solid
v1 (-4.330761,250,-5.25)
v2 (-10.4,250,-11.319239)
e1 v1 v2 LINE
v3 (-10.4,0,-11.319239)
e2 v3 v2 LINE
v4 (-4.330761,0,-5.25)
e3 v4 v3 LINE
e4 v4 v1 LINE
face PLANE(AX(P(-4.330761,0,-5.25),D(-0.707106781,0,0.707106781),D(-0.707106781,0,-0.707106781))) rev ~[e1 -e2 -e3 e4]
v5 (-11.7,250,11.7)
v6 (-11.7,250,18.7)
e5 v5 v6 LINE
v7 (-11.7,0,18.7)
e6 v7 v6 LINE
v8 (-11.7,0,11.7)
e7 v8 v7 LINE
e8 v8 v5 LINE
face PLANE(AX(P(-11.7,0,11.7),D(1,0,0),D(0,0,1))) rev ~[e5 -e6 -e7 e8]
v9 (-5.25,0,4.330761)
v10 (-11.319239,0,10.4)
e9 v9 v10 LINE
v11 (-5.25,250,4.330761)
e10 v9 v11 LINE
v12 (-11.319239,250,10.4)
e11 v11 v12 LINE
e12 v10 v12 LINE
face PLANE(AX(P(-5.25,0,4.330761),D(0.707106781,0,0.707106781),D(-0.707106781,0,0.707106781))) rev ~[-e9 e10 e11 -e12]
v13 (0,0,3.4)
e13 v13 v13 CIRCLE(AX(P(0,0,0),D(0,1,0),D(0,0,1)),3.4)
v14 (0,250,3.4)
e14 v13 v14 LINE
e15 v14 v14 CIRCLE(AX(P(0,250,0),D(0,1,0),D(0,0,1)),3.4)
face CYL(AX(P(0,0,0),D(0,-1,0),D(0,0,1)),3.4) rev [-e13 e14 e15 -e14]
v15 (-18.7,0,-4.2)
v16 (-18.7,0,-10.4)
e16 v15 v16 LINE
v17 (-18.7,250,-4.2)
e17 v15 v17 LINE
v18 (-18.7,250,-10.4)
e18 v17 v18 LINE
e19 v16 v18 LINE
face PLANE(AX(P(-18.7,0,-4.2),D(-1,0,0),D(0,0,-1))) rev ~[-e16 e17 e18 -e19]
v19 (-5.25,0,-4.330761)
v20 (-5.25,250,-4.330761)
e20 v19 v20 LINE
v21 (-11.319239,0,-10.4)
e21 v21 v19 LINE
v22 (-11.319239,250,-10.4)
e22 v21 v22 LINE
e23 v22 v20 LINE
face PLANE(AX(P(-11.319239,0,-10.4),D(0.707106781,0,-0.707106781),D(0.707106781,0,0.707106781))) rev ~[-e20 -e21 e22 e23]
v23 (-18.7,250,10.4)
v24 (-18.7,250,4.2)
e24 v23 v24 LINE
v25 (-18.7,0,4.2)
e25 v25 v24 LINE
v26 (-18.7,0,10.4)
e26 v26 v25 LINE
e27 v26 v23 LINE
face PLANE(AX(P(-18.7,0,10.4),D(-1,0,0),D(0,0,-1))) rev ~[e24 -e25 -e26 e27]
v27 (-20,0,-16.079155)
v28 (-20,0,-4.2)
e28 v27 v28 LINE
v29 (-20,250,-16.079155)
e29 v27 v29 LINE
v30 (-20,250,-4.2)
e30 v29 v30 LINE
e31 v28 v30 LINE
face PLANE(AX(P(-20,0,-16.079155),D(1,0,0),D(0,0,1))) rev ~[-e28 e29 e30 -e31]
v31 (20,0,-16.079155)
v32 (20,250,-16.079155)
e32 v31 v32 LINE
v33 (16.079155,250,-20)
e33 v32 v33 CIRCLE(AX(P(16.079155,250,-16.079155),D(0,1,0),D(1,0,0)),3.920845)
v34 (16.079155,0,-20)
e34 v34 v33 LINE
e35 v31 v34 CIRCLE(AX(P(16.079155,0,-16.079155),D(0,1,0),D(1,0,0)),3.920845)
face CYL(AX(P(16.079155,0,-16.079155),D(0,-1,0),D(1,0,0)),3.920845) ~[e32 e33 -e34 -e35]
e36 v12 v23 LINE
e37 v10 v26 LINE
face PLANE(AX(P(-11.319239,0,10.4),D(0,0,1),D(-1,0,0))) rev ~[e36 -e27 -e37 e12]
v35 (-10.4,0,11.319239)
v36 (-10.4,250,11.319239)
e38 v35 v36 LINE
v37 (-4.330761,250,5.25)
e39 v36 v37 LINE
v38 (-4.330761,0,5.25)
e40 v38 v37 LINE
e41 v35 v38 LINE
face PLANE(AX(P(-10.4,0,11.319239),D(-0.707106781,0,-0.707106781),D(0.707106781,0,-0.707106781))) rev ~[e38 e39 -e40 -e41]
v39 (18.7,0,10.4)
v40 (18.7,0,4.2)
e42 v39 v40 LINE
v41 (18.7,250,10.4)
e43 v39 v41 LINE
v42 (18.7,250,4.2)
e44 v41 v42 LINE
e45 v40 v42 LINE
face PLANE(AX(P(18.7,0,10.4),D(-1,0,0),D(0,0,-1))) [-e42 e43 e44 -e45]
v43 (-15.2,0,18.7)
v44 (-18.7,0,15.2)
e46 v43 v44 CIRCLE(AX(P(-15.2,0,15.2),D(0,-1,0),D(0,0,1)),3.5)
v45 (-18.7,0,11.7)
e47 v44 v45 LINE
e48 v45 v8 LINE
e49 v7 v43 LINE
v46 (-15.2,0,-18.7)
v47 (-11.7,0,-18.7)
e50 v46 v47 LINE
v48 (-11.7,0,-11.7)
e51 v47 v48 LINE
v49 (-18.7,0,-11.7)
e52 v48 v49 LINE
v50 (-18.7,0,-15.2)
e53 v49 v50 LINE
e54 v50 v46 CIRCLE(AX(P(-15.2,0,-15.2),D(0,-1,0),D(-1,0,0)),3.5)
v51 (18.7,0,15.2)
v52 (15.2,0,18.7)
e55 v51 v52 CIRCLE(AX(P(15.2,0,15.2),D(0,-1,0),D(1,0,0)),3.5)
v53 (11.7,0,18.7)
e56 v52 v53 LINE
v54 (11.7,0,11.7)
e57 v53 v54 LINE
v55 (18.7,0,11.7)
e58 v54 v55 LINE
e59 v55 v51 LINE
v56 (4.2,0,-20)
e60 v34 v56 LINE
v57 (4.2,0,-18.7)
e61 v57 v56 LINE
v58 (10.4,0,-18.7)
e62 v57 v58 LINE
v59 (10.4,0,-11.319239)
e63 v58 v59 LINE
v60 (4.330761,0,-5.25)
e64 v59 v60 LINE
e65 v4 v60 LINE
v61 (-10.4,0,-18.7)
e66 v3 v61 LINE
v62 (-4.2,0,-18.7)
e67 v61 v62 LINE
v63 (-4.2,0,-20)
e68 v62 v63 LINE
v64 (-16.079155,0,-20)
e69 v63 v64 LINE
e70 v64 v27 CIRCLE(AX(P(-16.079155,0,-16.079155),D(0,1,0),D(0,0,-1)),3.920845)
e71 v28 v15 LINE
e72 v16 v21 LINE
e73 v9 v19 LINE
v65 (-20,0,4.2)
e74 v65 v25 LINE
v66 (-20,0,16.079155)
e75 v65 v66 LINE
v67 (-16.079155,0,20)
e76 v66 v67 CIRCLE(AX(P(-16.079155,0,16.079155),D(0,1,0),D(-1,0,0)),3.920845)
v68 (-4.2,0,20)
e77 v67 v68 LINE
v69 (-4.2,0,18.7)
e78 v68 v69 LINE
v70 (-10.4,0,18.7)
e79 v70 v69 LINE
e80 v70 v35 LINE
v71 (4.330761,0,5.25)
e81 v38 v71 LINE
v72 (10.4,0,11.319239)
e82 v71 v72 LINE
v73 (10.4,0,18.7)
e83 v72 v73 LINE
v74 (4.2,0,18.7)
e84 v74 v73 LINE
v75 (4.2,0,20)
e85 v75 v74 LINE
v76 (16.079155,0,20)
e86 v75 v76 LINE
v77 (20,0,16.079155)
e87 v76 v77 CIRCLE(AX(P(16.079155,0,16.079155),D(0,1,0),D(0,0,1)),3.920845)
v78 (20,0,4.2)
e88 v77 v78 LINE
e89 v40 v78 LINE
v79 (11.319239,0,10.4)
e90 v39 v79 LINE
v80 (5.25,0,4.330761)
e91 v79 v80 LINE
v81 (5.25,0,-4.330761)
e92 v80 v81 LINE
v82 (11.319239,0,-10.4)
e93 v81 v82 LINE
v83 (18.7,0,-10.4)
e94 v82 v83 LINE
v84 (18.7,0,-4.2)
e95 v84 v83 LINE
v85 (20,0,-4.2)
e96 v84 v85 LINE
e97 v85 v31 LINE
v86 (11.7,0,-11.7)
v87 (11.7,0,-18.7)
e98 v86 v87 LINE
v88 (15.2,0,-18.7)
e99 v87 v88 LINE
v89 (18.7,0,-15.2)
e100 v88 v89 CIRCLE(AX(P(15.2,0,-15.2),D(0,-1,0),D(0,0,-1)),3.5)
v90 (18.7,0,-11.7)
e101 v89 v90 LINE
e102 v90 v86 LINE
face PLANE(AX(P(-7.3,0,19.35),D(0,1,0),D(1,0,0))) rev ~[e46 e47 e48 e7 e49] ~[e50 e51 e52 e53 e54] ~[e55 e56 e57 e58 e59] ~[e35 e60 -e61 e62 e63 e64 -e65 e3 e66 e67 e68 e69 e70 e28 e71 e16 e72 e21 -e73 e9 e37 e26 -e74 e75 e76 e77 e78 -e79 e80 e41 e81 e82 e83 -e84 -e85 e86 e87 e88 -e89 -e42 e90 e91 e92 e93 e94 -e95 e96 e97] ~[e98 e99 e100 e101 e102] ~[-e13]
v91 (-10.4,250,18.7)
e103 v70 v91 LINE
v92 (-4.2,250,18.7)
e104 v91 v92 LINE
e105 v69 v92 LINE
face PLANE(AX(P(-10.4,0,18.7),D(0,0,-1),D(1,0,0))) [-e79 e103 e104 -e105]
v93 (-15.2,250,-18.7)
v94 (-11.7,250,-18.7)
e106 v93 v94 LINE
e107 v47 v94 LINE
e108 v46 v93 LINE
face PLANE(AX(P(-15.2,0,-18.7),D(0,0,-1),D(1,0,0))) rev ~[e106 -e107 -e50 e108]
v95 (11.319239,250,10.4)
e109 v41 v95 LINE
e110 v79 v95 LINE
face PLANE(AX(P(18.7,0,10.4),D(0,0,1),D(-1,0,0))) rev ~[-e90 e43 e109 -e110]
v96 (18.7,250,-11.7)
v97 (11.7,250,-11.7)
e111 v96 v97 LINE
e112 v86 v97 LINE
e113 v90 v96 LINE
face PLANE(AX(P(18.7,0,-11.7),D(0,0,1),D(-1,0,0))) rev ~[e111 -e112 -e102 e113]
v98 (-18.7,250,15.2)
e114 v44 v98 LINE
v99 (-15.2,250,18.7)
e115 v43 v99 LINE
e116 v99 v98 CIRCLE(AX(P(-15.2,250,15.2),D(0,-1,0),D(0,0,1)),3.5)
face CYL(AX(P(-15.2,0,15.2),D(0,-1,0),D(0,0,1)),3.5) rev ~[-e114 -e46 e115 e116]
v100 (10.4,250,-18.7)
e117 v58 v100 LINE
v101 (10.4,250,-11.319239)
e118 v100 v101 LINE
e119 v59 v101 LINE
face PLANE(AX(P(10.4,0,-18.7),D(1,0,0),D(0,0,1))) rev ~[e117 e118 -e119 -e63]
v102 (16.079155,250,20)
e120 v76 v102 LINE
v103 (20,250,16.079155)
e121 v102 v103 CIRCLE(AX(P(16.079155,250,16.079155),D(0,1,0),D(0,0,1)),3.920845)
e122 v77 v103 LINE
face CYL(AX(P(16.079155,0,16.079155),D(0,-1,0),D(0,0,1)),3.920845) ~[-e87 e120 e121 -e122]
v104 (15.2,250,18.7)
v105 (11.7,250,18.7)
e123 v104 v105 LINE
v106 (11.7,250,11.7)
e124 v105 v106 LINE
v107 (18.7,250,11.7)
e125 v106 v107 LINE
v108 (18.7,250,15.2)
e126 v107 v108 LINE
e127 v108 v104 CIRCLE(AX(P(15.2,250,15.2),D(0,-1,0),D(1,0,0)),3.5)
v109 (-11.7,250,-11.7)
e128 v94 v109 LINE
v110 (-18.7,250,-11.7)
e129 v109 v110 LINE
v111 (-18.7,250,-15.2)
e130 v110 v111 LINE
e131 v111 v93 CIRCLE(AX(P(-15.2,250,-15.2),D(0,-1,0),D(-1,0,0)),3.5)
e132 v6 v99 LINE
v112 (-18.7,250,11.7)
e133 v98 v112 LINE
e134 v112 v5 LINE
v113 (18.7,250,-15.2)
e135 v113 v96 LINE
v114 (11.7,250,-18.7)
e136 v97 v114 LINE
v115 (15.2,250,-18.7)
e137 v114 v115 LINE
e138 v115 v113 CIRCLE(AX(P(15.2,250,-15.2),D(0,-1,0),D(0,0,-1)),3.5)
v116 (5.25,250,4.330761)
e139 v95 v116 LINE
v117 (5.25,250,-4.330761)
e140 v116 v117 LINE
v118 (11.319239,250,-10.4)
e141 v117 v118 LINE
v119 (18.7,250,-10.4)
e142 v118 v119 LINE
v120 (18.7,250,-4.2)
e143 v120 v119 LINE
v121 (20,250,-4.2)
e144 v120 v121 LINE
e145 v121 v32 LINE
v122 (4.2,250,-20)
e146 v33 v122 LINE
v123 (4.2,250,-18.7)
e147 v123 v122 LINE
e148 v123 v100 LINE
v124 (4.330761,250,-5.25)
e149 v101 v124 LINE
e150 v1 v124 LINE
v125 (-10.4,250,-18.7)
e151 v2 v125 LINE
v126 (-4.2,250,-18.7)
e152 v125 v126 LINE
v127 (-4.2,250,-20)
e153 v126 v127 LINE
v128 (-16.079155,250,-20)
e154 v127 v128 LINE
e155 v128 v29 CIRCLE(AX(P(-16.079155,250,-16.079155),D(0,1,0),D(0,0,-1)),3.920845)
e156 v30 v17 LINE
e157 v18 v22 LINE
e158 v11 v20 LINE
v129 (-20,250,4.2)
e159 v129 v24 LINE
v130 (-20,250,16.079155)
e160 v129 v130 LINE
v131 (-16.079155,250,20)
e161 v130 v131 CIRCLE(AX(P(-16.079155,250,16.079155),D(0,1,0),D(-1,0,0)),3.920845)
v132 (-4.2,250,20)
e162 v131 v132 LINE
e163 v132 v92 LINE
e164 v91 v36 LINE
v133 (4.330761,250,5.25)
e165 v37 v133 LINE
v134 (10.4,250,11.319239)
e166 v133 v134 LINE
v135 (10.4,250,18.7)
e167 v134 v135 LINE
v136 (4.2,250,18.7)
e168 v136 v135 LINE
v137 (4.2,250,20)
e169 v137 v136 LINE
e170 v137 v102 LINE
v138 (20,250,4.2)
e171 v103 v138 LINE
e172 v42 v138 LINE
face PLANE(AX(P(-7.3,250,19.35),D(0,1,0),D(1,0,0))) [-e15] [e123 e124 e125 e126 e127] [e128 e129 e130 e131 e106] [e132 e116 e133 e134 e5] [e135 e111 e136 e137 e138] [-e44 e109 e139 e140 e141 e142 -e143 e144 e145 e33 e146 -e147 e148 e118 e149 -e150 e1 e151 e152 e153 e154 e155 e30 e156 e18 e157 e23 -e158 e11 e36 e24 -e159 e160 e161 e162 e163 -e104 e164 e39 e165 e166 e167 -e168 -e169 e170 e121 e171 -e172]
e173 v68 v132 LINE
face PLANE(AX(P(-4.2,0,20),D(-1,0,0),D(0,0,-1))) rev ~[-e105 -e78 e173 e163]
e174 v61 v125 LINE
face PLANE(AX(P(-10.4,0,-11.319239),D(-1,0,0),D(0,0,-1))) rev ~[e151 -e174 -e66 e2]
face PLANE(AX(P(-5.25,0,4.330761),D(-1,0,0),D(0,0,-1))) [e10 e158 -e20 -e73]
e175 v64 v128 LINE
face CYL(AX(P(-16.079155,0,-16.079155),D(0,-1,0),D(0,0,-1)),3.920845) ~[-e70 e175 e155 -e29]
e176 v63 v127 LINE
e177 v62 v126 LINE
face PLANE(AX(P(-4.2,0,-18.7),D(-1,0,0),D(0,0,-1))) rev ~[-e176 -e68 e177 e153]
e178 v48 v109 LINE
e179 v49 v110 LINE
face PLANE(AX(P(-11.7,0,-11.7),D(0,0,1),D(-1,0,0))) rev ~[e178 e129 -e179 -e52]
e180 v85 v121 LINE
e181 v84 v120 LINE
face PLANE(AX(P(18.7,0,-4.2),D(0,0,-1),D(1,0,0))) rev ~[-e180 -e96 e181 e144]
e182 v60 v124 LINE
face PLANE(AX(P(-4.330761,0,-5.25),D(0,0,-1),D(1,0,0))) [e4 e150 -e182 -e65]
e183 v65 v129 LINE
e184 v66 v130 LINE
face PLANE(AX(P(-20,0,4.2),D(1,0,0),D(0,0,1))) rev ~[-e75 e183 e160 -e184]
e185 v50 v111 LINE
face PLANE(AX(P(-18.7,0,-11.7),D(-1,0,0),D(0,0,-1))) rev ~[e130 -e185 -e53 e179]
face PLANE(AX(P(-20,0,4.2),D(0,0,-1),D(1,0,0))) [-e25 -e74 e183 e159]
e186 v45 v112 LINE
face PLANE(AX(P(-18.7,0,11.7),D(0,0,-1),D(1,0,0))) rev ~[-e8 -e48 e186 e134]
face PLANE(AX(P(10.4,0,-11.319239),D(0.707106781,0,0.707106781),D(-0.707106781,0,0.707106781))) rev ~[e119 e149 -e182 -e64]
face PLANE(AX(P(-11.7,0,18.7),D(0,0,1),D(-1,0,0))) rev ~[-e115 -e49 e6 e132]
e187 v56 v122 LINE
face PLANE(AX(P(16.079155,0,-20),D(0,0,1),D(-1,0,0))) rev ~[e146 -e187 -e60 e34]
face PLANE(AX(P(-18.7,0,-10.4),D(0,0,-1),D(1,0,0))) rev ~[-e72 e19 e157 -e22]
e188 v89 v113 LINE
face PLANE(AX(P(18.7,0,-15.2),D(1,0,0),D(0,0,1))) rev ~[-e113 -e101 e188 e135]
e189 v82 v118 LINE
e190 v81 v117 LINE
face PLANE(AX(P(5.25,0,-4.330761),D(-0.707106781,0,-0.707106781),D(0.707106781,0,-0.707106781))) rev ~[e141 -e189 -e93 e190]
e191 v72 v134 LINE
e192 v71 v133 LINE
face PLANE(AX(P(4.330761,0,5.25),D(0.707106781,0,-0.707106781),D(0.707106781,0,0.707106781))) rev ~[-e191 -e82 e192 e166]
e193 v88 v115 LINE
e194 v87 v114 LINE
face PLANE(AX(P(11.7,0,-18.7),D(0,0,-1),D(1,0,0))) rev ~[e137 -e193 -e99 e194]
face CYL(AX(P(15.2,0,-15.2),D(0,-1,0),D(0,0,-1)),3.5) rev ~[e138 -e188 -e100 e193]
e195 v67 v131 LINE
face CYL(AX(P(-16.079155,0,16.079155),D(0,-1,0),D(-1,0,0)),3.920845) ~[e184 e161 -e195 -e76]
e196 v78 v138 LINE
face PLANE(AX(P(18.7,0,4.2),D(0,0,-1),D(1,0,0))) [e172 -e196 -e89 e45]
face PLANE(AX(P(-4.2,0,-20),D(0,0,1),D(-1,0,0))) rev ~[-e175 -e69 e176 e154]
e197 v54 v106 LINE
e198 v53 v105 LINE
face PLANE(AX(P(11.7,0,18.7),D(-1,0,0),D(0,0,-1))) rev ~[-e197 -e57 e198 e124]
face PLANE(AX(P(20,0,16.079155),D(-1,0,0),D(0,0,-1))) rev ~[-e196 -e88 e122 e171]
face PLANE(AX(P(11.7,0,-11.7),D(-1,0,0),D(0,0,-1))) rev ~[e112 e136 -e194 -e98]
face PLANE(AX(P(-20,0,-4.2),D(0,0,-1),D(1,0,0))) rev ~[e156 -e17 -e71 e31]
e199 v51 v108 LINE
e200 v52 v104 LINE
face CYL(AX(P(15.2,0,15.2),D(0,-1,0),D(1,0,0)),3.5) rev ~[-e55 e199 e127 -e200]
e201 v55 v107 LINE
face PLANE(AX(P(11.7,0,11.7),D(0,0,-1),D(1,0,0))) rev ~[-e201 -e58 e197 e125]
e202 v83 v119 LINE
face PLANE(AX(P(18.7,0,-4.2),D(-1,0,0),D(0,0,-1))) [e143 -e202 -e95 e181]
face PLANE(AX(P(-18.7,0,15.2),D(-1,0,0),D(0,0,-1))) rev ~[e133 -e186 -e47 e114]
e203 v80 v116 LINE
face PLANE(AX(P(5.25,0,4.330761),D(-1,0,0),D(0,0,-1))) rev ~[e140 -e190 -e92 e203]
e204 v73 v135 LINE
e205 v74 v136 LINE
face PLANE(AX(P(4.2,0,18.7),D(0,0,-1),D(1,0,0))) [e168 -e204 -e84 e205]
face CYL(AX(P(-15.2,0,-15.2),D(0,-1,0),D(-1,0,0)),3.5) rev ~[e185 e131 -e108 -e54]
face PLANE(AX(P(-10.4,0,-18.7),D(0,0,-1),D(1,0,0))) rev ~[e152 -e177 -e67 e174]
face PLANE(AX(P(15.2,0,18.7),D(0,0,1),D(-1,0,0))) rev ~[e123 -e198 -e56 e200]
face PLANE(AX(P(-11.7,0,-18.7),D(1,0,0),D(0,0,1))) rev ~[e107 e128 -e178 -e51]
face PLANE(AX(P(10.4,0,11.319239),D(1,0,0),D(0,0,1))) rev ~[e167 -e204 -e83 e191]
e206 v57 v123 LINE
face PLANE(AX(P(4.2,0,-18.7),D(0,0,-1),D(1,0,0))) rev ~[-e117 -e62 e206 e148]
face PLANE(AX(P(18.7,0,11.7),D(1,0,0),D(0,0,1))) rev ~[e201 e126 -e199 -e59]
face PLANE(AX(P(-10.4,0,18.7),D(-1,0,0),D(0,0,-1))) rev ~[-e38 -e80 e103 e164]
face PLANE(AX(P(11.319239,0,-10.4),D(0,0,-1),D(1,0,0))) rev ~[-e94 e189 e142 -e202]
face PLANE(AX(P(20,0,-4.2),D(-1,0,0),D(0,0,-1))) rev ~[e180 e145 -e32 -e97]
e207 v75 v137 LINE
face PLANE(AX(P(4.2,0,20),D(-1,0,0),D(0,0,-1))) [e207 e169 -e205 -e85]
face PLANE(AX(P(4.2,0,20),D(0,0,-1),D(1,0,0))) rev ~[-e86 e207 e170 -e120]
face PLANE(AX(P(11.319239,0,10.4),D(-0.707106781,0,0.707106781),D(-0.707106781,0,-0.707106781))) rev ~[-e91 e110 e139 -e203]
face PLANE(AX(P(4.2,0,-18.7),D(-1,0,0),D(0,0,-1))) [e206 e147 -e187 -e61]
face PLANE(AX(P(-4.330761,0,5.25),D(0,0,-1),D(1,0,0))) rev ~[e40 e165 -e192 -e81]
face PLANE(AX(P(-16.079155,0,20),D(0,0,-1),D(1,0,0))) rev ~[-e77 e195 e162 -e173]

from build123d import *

# Parameters (mm, degrees)
SKETCH_1_W      = 6.2
SKETCH_1_H      = 1.3
SKETCH_1_W_2    = 1.3
SKETCH_1_H_2    = 6.2
SKETCH_1_W_3    = 10.5
SKETCH_1_H_3    = 10.5
SKETCH_1_R      = 3.4
EXTRUDE_2_DEPTH = 250


with BuildPart() as part:
    # 草图1 → 凸台-拉伸2 (new body)
    with BuildSketch(Plane(origin=(0, 0, 0), x_dir=(1, 0, 0), z_dir=(0, 1, 0))):
        with Locations((-7.3, -19.35)):
            Rectangle(SKETCH_1_W, SKETCH_1_H)
        with BuildLine():
            Line((-18.7, -10.4), (-20, -10.4))
            Line((-20, -10.4), (-20, -16.079155302))
            ThreePointArc((-20, -16.079155302), (-18.851611176, -18.851611176), (-16.079155302, -20))
            Line((-16.079155302, -20), (-10.4, -20))
            Line((-10.4, -20), (-10.4, -18.7))
            Line((-10.4, -18.7), (-10.4, -11.319238816))
            Line((-10.4, -11.319238816), (-10.4, -10.4))
            Line((-10.4, -10.4), (-11.319238816, -10.4))
            Line((-11.319238816, -10.4), (-18.7, -10.4))
        make_face()
        Polygon((-18.7, -15.2), (-18.7, -11.7), (-15.2, -11.7), (-11.7, -11.7), (-11.7, -15.2), (-11.7, -18.7), (-15.2, -18.7), (-18.7, -18.7), align=None, mode=Mode.SUBTRACT)
        with Locations((-19.35, -7.3)):
            Rectangle(SKETCH_1_W_2, SKETCH_1_H_2)
        with BuildLine():
            ThreePointArc((-15.2, -18.7), (-17.674873734, -17.674873734), (-18.7, -15.2))
            Line((-18.7, -15.2), (-18.7, -18.7))
            Line((-18.7, -18.7), (-15.2, -18.7))
        make_face()
        Polygon((-5.25, -5.25), (-5.25, -4.330761184), (-11.319238816, -10.4), (-10.4, -10.4), (-10.4, -11.319238816), (-4.330761184, -5.25), align=None)
        Rectangle(SKETCH_1_W_3, SKETCH_1_H_3)
        with Locations(Location((0, 0, 0), (0, 0, 270))):
            Circle(SKETCH_1_R, mode=Mode.SUBTRACT)
        Polygon((11.319238816, -10.4), (5.25, -4.330761184), (5.25, -5.25), (4.330761184, -5.25), (10.4, -11.319238816), (10.4, -10.4), align=None)
        Polygon((10.4, 11.319238816), (4.330761184, 5.25), (5.25, 5.25), (5.25, 4.330761184), (11.319238816, 10.4), (10.4, 10.4), align=None)
        Polygon((-4.330761184, 5.25), (-10.4, 11.319238816), (-10.4, 10.4), (-11.319238816, 10.4), (-5.25, 4.330761184), (-5.25, 5.25), align=None)
        with BuildLine():
            Line((18.7, -10.4), (11.319238816, -10.4))
            Line((11.319238816, -10.4), (10.4, -10.4))
            Line((10.4, -10.4), (10.4, -11.319238816))
            Line((10.4, -11.319238816), (10.4, -18.7))
            Line((10.4, -18.7), (10.4, -20))
            Line((10.4, -20), (16.079155302, -20))
            ThreePointArc((16.079155302, -20), (18.851611176, -18.851611176), (20, -16.079155302))
            Line((20, -16.079155302), (20, -10.4))
            Line((20, -10.4), (18.7, -10.4))
        make_face()
        Polygon((15.2, -11.7), (18.7, -11.7), (18.7, -15.2), (18.7, -18.7), (15.2, -18.7), (11.7, -18.7), (11.7, -15.2), (11.7, -11.7), align=None, mode=Mode.SUBTRACT)
        with BuildLine():
            Line((18.7, -18.7), (18.7, -15.2))
            ThreePointArc((18.7, -15.2), (17.674873734, -17.674873734), (15.2, -18.7))
            Line((15.2, -18.7), (18.7, -18.7))
        make_face()
        with BuildLine():
            Line((16.079155302, 20), (10.4, 20))
            Line((10.4, 20), (10.4, 18.7))
            Line((10.4, 18.7), (10.4, 11.319238816))
            Line((10.4, 11.319238816), (10.4, 10.4))
            Line((10.4, 10.4), (11.319238816, 10.4))
            Line((11.319238816, 10.4), (18.7, 10.4))
            Line((18.7, 10.4), (20, 10.4))
            Line((20, 10.4), (20, 16.079155302))
            ThreePointArc((20, 16.079155302), (18.851611176, 18.851611176), (16.079155302, 20))
        make_face()
        Polygon((15.2, 18.7), (18.7, 18.7), (18.7, 15.2), (18.7, 11.7), (15.2, 11.7), (11.7, 11.7), (11.7, 15.2), (11.7, 18.7), align=None, mode=Mode.SUBTRACT)
        with BuildLine():
            Line((18.7, 15.2), (18.7, 18.7))
            Line((18.7, 18.7), (15.2, 18.7))
            ThreePointArc((15.2, 18.7), (17.674873734, 17.674873734), (18.7, 15.2))
        make_face()
        with BuildLine():
            Line((-10.4, 20), (-16.079155302, 20))
            ThreePointArc((-16.079155302, 20), (-18.851611176, 18.851611176), (-20, 16.079155302))
            Line((-20, 16.079155302), (-20, 10.4))
            Line((-20, 10.4), (-18.7, 10.4))
            Line((-18.7, 10.4), (-11.319238816, 10.4))
            Line((-11.319238816, 10.4), (-10.4, 10.4))
            Line((-10.4, 10.4), (-10.4, 11.319238816))
            Line((-10.4, 11.319238816), (-10.4, 18.7))
            Line((-10.4, 18.7), (-10.4, 20))
        make_face()
        Polygon((-15.2, 11.7), (-18.7, 11.7), (-18.7, 15.2), (-18.7, 18.7), (-15.2, 18.7), (-11.7, 18.7), (-11.7, 15.2), (-11.7, 11.7), align=None, mode=Mode.SUBTRACT)
        with BuildLine():
            Line((-18.7, 18.7), (-18.7, 15.2))
            ThreePointArc((-18.7, 15.2), (-17.674873734, 17.674873734), (-15.2, 18.7))
            Line((-15.2, 18.7), (-18.7, 18.7))
        make_face()
        with Locations((-7.3, 19.35)):
            Rectangle(SKETCH_1_W, SKETCH_1_H)
        with Locations((7.3, 19.35)):
            Rectangle(SKETCH_1_W, SKETCH_1_H)
        with Locations((19.35, 7.3)):
            Rectangle(SKETCH_1_W_2, SKETCH_1_H_2)
        with Locations((-19.35, 7.3)):
            Rectangle(SKETCH_1_W_2, SKETCH_1_H_2)
        with Locations((19.35, -7.3)):
            Rectangle(SKETCH_1_W_2, SKETCH_1_H_2)
        with Locations((7.3, -19.35)):
            Rectangle(SKETCH_1_W, SKETCH_1_H)
    extrude(amount=EXTRUDE_2_DEPTH)


solid = part.part
